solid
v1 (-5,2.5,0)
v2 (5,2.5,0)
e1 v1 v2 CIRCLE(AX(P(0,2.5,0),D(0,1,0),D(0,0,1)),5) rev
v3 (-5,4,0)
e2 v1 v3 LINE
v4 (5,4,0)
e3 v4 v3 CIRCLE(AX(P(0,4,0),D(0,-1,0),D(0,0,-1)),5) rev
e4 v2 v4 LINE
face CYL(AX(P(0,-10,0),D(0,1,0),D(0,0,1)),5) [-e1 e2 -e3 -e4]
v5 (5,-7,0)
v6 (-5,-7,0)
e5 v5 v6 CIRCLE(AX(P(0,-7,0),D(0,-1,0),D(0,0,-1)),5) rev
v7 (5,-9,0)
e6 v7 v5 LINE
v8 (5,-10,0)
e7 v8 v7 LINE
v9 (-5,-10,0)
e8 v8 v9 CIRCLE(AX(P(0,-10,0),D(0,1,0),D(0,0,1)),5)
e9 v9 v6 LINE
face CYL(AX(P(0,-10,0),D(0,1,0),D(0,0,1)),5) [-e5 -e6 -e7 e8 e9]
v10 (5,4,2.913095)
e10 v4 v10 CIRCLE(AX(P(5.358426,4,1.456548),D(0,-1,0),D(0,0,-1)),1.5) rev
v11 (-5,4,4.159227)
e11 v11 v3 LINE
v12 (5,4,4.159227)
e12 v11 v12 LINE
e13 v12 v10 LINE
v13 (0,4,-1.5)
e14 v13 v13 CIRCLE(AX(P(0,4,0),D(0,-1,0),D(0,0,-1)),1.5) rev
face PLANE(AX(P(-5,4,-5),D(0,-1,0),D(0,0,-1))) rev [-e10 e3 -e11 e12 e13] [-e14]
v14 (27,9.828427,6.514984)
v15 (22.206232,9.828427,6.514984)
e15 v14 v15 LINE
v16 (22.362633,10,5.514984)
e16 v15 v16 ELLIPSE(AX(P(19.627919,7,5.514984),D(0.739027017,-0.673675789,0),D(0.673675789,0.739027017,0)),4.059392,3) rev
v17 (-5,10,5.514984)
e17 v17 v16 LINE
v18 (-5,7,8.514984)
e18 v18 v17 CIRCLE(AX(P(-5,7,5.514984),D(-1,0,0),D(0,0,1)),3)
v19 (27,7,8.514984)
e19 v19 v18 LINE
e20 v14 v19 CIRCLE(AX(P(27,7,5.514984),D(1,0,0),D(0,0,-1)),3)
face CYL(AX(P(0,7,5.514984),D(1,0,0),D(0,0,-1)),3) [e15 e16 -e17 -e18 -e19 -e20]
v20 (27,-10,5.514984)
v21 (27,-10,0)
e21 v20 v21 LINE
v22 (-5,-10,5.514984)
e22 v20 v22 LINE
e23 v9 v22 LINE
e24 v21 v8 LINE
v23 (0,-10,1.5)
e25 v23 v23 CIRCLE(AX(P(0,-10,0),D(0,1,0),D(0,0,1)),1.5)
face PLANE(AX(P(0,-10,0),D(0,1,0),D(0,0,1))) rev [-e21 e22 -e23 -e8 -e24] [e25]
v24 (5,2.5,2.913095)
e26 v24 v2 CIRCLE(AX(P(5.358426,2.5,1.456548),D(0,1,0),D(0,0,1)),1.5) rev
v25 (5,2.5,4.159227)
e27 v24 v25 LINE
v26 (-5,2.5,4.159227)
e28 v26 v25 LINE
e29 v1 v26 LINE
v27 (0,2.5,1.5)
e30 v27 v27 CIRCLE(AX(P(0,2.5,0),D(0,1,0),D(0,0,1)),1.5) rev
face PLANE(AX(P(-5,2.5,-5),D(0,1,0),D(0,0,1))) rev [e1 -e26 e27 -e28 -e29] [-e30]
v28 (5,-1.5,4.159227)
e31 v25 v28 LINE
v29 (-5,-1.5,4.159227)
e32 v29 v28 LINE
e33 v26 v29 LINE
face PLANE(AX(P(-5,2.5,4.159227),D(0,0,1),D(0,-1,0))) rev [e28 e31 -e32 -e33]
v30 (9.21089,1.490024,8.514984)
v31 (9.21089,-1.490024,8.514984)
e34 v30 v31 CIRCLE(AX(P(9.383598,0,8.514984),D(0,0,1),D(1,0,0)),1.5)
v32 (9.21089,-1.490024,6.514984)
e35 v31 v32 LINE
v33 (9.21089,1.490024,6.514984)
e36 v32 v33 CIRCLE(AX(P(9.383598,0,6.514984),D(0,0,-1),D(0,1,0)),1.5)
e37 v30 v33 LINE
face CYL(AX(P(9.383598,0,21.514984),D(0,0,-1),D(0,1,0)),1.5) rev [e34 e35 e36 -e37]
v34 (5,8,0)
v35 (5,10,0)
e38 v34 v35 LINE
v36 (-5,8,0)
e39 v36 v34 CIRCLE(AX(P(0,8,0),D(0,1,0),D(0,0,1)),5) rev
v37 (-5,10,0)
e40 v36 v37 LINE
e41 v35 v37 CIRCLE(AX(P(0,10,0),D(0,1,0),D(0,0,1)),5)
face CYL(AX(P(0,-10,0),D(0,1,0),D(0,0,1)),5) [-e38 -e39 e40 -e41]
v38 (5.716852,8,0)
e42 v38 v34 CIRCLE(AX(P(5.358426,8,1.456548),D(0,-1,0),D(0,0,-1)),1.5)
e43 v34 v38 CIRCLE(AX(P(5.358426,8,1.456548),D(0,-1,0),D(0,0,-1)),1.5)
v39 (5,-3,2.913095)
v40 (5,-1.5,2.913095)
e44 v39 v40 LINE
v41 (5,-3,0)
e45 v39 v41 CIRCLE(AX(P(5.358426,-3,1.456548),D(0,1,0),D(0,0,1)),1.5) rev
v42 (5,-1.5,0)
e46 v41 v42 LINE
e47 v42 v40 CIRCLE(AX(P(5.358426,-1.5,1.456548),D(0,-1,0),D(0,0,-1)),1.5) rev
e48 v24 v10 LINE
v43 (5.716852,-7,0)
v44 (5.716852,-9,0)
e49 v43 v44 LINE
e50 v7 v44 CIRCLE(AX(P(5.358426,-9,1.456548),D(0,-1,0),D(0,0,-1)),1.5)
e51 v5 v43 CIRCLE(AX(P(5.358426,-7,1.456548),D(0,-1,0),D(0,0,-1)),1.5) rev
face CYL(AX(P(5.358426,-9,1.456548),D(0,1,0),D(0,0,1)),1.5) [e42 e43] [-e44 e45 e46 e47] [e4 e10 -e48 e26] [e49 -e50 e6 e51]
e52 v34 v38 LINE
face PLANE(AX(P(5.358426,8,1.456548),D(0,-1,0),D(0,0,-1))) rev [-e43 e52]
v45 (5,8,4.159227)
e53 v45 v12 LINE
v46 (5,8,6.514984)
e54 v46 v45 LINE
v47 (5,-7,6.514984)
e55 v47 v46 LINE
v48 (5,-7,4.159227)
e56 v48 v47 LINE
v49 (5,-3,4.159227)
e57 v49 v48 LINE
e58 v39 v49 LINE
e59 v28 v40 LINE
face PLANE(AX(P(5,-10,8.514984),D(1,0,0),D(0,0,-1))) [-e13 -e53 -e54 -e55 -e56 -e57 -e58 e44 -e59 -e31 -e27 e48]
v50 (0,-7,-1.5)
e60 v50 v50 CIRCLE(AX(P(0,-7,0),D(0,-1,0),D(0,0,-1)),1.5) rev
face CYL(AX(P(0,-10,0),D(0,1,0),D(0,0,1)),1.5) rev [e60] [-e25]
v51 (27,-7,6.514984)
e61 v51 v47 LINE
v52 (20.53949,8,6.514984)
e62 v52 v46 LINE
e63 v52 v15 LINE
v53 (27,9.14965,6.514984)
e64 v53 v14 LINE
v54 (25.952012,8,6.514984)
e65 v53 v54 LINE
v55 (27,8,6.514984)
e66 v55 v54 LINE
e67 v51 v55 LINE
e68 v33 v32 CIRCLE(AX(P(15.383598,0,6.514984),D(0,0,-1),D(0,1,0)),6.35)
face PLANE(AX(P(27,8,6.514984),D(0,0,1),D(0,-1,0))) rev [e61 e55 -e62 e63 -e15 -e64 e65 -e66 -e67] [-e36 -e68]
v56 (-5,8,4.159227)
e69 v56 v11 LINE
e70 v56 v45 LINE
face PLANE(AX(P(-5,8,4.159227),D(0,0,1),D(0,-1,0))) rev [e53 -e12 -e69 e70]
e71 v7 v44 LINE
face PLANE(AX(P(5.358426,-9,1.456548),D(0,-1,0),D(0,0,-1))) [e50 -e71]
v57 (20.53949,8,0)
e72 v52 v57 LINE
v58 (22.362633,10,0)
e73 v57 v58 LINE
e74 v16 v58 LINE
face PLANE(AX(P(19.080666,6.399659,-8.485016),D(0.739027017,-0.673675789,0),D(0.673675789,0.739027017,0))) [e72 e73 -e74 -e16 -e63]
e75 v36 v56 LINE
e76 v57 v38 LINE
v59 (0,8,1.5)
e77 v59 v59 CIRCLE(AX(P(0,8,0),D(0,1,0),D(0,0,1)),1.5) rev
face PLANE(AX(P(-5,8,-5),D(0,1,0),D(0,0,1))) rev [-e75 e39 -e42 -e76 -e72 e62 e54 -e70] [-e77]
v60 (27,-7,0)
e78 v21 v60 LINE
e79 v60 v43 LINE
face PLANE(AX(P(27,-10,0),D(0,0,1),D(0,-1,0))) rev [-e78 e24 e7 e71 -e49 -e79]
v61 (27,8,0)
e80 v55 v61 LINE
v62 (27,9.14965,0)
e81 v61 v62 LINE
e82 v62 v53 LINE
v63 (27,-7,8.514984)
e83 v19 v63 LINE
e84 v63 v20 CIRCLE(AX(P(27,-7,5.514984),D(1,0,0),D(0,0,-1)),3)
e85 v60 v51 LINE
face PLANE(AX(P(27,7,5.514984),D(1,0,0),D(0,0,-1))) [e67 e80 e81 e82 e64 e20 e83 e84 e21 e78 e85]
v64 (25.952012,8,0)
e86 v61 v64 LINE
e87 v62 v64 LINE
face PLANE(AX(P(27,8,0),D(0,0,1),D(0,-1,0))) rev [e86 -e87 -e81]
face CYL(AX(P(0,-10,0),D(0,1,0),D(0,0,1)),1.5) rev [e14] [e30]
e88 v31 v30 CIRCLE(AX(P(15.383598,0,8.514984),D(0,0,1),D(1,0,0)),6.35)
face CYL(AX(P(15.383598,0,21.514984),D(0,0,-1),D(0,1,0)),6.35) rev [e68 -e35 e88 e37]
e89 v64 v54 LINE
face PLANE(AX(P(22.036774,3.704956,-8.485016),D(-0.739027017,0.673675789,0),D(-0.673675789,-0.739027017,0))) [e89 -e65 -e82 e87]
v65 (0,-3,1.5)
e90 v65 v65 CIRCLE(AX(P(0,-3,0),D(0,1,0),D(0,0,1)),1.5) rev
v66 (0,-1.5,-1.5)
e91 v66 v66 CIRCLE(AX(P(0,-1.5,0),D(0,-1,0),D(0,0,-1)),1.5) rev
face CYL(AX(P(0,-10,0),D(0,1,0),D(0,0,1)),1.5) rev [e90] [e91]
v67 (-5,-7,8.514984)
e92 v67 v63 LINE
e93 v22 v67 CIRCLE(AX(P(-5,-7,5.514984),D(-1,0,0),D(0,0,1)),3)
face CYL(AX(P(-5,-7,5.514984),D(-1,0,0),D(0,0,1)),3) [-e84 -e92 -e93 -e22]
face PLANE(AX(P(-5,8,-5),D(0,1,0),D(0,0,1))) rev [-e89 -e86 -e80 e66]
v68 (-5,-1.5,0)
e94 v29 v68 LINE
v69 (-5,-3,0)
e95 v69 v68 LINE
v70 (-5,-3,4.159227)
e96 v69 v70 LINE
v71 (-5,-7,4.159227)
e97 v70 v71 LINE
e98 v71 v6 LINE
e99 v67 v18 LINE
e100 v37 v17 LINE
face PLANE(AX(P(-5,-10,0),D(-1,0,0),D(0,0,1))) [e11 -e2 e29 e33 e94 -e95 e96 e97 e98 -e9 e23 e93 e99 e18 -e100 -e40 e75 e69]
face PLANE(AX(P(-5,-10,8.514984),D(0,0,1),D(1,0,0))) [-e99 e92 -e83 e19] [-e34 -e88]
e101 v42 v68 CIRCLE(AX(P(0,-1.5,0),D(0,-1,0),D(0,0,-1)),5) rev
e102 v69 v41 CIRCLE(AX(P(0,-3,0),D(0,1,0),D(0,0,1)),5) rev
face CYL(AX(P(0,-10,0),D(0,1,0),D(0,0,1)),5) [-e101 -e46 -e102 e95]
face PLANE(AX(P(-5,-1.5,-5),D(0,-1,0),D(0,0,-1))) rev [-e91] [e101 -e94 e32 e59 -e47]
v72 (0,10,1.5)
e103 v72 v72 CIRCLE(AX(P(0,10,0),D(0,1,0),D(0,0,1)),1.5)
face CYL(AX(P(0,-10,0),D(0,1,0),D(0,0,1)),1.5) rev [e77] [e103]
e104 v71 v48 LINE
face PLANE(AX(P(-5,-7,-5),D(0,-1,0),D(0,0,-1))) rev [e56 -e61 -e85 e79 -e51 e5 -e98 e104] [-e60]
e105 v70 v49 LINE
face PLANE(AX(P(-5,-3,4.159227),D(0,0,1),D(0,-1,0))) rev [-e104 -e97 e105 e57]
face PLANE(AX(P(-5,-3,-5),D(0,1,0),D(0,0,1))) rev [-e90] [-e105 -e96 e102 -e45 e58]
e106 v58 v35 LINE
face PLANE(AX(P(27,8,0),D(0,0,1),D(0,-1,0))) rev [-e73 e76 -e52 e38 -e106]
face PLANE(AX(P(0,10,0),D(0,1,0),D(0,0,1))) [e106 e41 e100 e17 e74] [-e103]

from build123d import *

# Parameters (mm, degrees)
BOSS_EXTRUDE1_DEPTH      = 10
BOSS_EXTRUDE1_DEPTH_BACK = 10
SKETCH1_R                = 1.5
CUT_EXTRUDE1_DEPTH       = 15.053645347
CUT_EXTRUDE1_DEPTH_BACK  = 15.053645347
SKETCH2_W                = 9.15922742
SKETCH2_H                = 4
FILLET1_R                = 3
BOSS_EXTRUDE2_START      = 22
BOSS_EXTRUDE2_DEPTH      = 22
CUT_EXTRUDE2_DEPTH       = 15
CUT_EXTRUDE3_DEPTH       = 15
SKETCH7_R                = 1.5
BOSS_EXTRUDE3_DEPTH      = 17


with BuildPart() as part:
    # Sketch1 → Boss-Extrude1 (new, two sides: drawn at the far end of the back side and taken through both)
    with BuildSketch(Plane(origin=(0, 0, 0), x_dir=(1, 0, 0), z_dir=(0, 1, 0)).offset(-BOSS_EXTRUDE1_DEPTH_BACK)):
        with BuildLine():
            Line((-5, -8.514983708), (5, -8.514983708))
            Line((5, -8.514983708), (5, 0))
            ThreePointArc((5, 0), (0, 5), (-5, 0))
            Line((-5, 0), (-5, -8.514983708))
        make_face()
        Circle(SKETCH1_R, mode=Mode.SUBTRACT)
    extrude(amount=BOSS_EXTRUDE1_DEPTH + BOSS_EXTRUDE1_DEPTH_BACK)

    # Sketch2 → Cut-Extrude1 (cut, two sides: drawn at the far end of the back side and taken through both)
    with BuildSketch(Plane(origin=(0, 0, 0), x_dir=(0, 0, -1), z_dir=(1, 0, 0)).offset(-CUT_EXTRUDE1_DEPTH_BACK)):
        with Locations((0.42038629, 6)):
            Rectangle(SKETCH2_W, SKETCH2_H)
        with Locations((0.42038629, 0.5)):
            Rectangle(SKETCH2_W, SKETCH2_H)
        with Locations((0.42038629, -5)):
            Rectangle(SKETCH2_W, SKETCH2_H)
    extrude(amount=CUT_EXTRUDE1_DEPTH + CUT_EXTRUDE1_DEPTH_BACK, mode=Mode.SUBTRACT)

    # Fillet1
    fillet1_edges = [part.edges().sort_by_distance(p)[0] for p in [
        (0, -10, 8.514983708),
        (0, 10, 8.514983708),
    ]]
    fillet(fillet1_edges, radius=FILLET1_R)

    # Sketch3 → Boss-Extrude2 (add)
    with BuildSketch(Plane(origin=(5, 0, 0), x_dir=(0, 0, -1), z_dir=(1, 0, 0)).offset(BOSS_EXTRUDE2_START)):
        with BuildLine():
            Line((-4.15922742, 8), (-6.514983708, 8))
            Line((-6.514983708, 8), (-6.514983708, -7))
            Line((-6.514983708, -7), (-4.15922742, -7))
            Line((-4.15922742, -7), (0, -7))
            Line((0, -7), (0, -10))
            Line((0, -10), (-5.514983708, -10))
            ThreePointArc((-5.514983708, -10), (-7.636304051, -9.121320344), (-8.514983708, -7))
            Line((-8.514983708, -7), (-8.514983708, 7))
            ThreePointArc((-8.514983708, 7), (-7.636304051, 9.121320344), (-5.514983708, 10))
            Line((-5.514983708, 10), (0, 10))
            Line((0, 10), (0, 8))
            Line((0, 8), (-4.15922742, 8))
        make_face()
    extrude(amount=-BOSS_EXTRUDE2_DEPTH)

    # Sketch4 → Cut-Extrude2 (cut)
    with BuildSketch(Plane(origin=(0, 0, 6.514983708), x_dir=(-1, 0, 0), z_dir=(0, 0, -1))):
        with BuildLine():
            ThreePointArc((-9.210889788, 1.490024104), (-21.733598121, 0), (-9.210889788, -1.490024104))
            ThreePointArc((-9.210889788, -1.490024104), (-7.883598121, 0), (-9.210889788, 1.490024104))
        make_face()
    extrude(amount=-CUT_EXTRUDE2_DEPTH, mode=Mode.SUBTRACT)

    # Sketch6 → Cut-Extrude3 (cut)
    with BuildSketch(Plane(origin=(0, 0, 6.514983708), x_dir=(-1, 0, 0), z_dir=(0, 0, -1))):
        Polygon((-22.036773602, 3.704956115), (-28.57394985, 10.876283833), (-25.617841784, 13.570986989), (-19.080665536, 6.399659271), align=None)
    extrude(amount=CUT_EXTRUDE3_DEPTH, mode=Mode.SUBTRACT)

    # Sketch7 → Boss-Extrude3 (add)
    with BuildSketch(Plane.XZ.offset(-8)):
        with Locations((5.358426028, 1.456547556)):
            Circle(SKETCH7_R)
    extrude(amount=BOSS_EXTRUDE3_DEPTH)


solid = part.part
